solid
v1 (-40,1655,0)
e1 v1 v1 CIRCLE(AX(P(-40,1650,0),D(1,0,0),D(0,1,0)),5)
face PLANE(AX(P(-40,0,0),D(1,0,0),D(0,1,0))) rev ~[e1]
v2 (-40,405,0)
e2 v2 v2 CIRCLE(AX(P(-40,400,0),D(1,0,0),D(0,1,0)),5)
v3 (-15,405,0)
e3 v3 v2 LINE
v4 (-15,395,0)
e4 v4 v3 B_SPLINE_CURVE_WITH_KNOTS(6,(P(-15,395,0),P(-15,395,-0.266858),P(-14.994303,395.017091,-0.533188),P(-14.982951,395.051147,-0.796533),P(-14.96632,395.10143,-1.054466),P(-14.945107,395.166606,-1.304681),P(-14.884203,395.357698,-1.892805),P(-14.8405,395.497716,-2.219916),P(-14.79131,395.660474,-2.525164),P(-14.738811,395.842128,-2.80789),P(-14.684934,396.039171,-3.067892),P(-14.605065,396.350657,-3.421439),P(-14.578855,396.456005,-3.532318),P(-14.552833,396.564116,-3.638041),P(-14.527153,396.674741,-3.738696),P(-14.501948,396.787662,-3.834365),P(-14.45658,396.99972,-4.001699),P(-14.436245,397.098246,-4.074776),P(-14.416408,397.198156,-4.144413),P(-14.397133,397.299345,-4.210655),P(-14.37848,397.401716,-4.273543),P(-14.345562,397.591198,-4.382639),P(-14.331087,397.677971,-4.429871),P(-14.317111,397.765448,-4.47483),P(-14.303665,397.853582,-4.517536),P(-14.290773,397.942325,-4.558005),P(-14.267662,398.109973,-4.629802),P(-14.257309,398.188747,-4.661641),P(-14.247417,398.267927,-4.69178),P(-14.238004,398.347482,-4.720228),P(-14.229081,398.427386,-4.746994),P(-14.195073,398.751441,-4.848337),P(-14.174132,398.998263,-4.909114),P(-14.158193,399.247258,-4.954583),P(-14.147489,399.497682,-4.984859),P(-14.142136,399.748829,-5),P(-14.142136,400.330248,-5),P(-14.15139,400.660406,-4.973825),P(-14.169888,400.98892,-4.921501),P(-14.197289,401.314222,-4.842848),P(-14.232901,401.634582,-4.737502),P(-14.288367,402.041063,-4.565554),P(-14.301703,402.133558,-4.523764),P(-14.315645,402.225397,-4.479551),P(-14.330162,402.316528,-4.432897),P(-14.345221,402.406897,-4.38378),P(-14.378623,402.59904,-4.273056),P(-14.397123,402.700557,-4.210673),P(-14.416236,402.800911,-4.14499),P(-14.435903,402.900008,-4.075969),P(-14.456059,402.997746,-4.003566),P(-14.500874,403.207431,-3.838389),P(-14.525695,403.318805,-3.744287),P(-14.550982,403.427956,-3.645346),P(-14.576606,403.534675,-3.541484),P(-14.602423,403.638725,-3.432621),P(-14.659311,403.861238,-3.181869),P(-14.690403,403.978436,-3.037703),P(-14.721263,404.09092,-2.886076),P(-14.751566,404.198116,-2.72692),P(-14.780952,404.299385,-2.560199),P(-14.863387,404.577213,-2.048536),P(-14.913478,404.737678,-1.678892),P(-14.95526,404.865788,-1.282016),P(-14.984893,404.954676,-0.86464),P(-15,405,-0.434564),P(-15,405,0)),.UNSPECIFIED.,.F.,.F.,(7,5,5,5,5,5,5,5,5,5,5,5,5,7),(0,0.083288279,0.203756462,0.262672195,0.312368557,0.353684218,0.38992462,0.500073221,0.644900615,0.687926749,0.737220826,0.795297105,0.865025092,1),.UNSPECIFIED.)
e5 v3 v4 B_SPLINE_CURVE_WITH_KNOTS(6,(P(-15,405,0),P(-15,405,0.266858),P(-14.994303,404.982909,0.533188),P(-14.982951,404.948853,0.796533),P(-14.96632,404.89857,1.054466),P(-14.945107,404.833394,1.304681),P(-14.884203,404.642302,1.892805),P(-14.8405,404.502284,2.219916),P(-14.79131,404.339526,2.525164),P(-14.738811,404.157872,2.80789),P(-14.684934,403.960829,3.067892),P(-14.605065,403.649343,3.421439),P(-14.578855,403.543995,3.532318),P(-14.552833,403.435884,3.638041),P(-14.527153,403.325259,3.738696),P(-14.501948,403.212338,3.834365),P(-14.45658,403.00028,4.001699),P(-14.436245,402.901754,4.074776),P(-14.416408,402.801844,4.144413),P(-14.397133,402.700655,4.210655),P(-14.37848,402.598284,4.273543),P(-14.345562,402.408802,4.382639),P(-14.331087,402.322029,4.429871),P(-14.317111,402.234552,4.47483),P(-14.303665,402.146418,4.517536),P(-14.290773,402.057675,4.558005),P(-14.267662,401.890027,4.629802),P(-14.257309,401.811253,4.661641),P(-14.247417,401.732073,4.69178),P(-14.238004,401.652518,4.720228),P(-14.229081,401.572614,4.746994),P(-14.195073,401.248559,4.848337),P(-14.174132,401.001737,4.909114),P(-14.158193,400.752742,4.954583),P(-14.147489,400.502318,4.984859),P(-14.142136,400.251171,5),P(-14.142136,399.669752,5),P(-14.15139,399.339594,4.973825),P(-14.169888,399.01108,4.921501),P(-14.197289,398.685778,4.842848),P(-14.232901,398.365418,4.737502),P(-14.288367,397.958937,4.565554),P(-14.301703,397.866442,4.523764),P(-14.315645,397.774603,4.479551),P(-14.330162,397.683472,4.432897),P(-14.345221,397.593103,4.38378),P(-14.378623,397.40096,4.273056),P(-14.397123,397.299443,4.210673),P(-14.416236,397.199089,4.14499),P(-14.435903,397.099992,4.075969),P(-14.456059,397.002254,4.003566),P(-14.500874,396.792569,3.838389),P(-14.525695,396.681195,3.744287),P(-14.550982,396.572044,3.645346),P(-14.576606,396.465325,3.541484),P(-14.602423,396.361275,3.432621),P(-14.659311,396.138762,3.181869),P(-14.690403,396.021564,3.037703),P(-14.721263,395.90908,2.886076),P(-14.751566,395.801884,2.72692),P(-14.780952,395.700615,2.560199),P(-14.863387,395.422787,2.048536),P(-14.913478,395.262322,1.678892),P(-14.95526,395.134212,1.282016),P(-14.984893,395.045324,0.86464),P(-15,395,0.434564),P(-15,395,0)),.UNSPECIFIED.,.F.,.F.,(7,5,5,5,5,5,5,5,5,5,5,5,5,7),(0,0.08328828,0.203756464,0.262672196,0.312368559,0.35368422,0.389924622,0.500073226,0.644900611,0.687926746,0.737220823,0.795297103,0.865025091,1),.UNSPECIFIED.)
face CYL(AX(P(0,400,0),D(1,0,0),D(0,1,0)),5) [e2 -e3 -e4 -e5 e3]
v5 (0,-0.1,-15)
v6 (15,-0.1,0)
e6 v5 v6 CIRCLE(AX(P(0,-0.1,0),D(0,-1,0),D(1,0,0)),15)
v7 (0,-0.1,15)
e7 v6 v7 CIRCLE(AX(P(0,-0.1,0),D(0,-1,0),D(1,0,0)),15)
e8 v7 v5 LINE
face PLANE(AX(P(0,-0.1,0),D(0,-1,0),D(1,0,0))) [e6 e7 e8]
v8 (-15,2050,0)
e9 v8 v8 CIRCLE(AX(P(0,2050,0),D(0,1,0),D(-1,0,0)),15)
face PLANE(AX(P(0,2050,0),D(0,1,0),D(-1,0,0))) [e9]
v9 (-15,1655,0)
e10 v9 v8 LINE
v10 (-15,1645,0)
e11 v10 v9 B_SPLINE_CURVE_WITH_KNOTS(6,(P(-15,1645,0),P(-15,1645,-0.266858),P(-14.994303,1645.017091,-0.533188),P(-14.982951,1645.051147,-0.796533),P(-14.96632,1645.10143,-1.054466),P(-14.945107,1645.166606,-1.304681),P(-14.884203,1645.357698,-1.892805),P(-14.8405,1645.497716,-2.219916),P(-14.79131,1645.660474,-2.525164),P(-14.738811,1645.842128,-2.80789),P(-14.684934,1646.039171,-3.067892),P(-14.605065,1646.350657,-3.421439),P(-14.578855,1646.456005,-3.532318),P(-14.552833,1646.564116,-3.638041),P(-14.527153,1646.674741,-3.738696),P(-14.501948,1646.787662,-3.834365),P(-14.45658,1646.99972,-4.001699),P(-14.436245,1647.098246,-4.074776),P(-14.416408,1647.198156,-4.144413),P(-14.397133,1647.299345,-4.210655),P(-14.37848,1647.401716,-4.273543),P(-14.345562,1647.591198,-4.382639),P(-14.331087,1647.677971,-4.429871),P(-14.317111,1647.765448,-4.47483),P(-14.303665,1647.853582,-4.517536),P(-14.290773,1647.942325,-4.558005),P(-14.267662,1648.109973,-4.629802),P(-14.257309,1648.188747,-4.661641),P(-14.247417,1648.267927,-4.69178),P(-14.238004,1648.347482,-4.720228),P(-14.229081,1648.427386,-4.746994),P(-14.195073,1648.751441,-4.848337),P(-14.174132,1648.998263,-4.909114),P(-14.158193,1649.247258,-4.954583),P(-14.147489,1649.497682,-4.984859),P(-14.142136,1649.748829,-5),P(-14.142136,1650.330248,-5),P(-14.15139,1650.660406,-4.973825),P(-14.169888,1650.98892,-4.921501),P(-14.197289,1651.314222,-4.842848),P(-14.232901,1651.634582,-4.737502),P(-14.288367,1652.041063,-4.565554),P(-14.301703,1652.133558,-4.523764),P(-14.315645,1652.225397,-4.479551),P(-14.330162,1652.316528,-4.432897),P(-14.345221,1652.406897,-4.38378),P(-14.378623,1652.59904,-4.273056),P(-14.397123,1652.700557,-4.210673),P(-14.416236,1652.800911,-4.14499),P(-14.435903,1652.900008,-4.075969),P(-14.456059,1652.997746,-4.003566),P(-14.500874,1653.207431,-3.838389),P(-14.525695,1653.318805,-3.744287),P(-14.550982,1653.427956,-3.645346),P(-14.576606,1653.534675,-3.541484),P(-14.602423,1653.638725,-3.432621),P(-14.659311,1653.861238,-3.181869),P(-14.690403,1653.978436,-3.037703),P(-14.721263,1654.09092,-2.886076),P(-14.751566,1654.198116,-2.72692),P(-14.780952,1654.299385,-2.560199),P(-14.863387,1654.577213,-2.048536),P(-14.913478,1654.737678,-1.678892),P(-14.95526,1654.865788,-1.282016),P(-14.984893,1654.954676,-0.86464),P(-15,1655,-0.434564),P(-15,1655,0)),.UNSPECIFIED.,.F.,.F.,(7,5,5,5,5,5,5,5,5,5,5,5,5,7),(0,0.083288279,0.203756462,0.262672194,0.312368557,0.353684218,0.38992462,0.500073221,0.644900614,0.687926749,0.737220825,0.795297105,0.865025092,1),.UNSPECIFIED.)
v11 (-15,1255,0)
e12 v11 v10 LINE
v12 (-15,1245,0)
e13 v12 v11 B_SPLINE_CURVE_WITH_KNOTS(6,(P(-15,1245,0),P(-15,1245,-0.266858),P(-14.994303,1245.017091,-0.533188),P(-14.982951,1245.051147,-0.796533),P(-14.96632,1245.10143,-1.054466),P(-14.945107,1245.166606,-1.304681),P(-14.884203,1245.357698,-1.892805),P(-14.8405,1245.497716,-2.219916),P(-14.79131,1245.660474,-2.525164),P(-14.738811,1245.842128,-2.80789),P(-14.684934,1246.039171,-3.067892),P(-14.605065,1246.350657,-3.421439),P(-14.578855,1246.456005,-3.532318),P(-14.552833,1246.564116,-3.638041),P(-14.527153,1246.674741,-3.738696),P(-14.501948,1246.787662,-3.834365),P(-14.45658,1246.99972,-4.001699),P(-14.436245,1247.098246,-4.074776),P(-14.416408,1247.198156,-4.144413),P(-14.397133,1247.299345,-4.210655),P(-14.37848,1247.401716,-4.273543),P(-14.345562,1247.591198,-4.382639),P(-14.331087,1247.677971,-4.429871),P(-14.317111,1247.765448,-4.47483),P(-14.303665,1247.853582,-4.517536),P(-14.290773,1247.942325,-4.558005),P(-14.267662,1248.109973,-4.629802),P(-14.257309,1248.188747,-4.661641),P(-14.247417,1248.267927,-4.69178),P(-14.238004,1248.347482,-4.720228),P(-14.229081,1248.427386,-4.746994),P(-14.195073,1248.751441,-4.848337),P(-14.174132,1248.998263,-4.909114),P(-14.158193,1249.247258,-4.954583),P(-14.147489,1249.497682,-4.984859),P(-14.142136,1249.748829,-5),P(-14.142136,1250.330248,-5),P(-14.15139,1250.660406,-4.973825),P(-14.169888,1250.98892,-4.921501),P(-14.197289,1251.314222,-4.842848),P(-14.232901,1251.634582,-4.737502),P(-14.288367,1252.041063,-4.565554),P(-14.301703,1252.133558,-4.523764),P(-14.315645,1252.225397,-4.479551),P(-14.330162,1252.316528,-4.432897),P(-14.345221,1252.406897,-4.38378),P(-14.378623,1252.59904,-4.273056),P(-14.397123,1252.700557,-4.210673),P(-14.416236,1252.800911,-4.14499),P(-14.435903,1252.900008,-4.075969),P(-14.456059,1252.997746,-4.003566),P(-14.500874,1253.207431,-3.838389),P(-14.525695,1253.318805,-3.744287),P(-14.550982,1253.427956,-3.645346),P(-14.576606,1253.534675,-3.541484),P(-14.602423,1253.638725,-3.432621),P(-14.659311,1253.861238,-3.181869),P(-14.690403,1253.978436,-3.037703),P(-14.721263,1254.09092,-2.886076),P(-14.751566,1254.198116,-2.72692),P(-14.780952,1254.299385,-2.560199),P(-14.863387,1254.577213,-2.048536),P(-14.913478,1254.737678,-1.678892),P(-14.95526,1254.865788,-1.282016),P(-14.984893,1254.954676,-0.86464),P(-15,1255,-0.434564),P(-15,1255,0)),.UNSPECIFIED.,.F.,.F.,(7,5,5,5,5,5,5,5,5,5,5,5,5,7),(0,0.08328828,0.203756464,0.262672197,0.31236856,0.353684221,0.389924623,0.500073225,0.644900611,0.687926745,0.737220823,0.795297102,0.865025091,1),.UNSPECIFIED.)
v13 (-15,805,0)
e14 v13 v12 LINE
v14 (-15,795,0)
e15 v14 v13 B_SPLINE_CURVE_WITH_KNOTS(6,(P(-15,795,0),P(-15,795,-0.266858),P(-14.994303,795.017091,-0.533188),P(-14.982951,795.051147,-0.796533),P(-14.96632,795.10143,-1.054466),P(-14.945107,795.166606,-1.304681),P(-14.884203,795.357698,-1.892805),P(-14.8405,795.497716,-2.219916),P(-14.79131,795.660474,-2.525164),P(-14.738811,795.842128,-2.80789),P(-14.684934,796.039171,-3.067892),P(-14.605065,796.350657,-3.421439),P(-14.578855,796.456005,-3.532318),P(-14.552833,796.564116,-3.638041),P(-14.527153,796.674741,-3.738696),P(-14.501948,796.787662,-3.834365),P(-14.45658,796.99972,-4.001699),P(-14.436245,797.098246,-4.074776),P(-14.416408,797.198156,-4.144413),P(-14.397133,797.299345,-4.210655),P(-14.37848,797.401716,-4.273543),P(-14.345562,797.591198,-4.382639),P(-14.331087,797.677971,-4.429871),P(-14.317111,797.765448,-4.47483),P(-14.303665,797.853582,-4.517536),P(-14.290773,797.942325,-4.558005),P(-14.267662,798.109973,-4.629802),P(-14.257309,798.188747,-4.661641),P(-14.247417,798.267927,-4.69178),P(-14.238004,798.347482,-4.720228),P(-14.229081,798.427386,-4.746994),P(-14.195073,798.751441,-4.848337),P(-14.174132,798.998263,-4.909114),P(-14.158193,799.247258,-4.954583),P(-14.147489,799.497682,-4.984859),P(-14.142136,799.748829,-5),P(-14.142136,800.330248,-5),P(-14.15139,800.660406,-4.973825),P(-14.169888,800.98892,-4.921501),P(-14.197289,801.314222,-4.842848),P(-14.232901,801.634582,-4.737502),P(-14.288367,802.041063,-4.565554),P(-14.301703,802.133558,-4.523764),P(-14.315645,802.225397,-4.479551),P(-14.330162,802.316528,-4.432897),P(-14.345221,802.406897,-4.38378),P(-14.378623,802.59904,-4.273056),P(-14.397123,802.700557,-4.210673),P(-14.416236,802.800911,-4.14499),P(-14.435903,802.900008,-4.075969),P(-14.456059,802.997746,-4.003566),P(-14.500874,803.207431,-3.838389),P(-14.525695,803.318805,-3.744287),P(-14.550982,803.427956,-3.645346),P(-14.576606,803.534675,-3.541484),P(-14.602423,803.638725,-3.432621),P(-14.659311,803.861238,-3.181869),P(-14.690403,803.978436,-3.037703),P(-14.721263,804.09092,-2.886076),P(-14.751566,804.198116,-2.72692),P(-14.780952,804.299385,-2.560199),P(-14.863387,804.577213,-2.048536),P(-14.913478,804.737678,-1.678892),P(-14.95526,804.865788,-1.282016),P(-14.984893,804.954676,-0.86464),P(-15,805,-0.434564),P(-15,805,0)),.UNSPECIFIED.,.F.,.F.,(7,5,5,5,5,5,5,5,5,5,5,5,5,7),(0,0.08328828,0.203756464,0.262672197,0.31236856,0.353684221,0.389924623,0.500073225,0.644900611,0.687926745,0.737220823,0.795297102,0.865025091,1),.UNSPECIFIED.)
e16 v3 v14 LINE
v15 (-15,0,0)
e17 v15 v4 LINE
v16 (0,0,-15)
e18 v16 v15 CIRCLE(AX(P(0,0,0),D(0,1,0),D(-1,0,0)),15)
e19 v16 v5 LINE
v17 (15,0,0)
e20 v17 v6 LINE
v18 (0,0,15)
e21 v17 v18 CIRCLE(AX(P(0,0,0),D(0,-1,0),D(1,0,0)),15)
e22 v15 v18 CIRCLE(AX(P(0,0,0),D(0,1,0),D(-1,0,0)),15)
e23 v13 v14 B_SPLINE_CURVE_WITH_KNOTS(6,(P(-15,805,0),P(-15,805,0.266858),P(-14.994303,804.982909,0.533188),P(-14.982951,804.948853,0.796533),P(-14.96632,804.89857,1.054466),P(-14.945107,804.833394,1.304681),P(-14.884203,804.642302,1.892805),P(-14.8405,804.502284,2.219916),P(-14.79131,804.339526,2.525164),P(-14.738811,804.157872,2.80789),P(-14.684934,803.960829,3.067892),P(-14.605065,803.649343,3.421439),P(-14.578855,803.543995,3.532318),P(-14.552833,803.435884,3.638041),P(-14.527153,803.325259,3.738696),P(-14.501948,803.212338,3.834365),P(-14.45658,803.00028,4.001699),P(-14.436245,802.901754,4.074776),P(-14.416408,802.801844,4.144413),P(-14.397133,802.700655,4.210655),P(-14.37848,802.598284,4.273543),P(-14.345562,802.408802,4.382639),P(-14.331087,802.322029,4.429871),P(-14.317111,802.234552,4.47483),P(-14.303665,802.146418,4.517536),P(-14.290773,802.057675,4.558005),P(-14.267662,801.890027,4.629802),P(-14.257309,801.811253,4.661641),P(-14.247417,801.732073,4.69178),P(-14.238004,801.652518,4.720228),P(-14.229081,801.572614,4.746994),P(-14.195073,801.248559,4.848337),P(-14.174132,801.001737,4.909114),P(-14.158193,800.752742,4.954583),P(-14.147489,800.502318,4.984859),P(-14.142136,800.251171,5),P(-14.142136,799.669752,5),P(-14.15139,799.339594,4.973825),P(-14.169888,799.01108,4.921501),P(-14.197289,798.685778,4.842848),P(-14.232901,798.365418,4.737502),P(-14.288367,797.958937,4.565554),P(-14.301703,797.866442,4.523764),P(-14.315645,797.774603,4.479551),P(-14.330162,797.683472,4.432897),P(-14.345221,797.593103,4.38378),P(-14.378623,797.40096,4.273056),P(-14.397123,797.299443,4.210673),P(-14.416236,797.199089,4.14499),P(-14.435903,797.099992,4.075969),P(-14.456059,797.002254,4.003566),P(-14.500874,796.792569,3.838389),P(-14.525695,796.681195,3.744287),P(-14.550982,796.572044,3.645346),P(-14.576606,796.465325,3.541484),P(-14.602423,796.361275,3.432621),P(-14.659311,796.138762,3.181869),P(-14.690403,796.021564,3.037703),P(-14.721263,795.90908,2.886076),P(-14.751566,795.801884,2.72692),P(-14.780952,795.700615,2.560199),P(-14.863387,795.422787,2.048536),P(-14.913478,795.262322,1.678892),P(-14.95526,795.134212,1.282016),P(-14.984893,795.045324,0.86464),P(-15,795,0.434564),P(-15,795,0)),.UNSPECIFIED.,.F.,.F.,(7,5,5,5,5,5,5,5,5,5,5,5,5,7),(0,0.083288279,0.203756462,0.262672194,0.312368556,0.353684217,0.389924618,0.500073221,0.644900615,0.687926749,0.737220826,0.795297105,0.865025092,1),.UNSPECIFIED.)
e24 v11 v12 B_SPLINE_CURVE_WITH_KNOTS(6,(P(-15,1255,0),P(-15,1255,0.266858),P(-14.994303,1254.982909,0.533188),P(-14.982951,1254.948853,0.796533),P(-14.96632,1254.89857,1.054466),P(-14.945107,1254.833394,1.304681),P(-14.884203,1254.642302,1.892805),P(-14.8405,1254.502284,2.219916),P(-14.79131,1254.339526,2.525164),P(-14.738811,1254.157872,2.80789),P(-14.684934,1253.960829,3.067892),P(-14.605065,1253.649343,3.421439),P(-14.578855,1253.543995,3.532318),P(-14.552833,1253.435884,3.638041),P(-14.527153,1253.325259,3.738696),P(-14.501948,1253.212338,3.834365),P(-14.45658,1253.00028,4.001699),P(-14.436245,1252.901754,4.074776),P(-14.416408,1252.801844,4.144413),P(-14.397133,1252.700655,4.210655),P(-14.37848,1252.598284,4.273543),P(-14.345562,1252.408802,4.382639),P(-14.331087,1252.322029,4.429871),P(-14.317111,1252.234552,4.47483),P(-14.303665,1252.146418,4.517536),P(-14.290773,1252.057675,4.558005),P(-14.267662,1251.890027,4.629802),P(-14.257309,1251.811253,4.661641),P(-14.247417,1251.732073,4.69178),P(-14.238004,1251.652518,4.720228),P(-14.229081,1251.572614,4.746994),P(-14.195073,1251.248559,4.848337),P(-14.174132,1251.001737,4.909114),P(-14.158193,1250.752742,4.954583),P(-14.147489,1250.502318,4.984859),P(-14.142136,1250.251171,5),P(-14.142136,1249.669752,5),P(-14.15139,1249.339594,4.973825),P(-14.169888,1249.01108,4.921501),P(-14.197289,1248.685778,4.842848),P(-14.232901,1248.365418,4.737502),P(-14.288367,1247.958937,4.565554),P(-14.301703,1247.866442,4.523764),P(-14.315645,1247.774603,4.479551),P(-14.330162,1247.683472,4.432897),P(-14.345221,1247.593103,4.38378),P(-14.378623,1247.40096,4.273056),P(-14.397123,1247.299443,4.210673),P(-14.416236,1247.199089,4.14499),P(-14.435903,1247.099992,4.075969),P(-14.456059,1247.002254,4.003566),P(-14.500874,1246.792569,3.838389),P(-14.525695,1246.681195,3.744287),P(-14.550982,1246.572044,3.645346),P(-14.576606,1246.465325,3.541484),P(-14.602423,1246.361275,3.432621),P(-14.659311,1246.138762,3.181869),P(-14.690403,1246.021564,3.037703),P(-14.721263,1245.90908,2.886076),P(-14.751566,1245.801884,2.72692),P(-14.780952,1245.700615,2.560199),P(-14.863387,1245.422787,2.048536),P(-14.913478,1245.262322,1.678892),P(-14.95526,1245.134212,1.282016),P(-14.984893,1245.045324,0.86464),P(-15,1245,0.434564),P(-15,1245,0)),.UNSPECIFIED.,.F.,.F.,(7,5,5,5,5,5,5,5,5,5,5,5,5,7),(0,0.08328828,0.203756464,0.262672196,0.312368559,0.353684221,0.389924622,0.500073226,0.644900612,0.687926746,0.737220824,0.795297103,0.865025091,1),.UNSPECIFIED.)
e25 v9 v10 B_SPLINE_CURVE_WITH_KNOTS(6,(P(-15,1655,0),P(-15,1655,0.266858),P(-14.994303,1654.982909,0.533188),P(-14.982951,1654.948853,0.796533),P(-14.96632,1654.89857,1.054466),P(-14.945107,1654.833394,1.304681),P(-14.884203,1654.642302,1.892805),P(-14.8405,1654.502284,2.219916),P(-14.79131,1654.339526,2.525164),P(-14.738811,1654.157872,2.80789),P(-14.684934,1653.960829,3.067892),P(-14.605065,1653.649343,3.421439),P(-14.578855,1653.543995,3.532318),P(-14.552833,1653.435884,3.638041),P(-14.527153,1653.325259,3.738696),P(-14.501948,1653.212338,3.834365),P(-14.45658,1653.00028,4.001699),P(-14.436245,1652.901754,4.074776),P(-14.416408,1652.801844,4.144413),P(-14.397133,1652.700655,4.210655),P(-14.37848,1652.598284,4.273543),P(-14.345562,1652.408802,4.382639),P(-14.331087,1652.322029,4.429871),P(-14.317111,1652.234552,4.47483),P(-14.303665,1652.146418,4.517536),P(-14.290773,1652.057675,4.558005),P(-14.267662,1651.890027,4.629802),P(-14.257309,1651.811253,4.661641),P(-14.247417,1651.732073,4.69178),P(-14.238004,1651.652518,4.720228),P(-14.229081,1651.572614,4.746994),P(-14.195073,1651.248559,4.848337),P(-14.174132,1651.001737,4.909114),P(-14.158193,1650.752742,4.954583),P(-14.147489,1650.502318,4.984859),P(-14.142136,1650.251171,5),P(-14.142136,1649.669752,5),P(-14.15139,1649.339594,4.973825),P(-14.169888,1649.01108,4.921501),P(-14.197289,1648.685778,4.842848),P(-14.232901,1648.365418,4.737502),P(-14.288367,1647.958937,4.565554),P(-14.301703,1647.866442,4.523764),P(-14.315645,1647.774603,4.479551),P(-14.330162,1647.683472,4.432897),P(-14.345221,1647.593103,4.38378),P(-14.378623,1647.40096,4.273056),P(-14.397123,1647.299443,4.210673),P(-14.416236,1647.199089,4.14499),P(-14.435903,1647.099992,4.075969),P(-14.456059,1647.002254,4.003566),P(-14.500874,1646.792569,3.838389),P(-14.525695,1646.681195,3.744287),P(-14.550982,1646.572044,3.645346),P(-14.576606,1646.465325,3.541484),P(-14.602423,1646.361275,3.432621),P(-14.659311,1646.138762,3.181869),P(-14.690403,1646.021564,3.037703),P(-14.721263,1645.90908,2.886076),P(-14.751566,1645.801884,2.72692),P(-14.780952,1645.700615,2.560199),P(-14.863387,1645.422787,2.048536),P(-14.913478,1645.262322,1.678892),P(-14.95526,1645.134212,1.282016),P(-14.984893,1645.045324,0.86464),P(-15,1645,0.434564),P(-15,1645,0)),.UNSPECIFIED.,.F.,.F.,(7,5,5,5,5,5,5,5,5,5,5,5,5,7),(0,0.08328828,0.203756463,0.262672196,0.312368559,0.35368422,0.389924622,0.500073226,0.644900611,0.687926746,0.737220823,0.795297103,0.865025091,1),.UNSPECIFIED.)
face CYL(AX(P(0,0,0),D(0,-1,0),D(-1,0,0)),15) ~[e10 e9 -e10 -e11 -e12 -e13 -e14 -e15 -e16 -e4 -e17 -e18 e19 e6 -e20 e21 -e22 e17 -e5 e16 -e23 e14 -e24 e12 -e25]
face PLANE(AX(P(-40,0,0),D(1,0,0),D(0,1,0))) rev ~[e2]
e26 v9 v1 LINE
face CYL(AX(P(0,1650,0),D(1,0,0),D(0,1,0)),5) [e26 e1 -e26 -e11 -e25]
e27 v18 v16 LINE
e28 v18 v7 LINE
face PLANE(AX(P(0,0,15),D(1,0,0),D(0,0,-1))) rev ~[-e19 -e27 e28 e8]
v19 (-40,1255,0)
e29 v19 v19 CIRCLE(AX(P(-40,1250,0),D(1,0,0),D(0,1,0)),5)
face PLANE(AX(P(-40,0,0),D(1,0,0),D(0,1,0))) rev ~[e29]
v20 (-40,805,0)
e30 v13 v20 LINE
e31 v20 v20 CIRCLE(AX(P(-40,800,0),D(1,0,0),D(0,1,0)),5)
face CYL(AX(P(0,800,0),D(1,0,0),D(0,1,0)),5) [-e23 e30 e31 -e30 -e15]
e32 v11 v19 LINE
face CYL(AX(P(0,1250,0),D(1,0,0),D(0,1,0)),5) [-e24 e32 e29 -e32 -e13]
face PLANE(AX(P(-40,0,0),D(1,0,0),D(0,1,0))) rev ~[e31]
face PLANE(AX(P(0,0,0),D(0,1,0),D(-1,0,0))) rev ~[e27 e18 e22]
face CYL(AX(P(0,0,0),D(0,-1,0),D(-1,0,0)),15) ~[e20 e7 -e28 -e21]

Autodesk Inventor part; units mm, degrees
ref_plane "YZ Plane" through (0, 0, 0) normal (1, 0, 0) x (0, 1, 0)
ref_plane "XZ Plane" through (0, 0, 0) normal (0, 1, 0) x (-1, 0, 0)
ref_plane "XY Plane" through (0, 0, 0) normal (0, 0, 1) x (1, 0, 0)
sketch "Sketch1" plane through (0, 0, 0) normal (0, 1, 0) x (-1, 0, 0)
  circle A0 centre (0, 0) radius 15
  dimension "d0" = 30
extrude "Extrusion1" add sketch "Sketch1" along normal blind 2050
sketch "Sketch2" plane through (0, 0, 0) normal (0, -1, 0) x (1, 0, 0)
  circle A0 centre (0, 0) radius 15 projected
  line L0 (0, 15) -> (0, -15)
extrude "Extrusion2" add sketch "Sketch2" along normal blind 0.1 contours A0 L0 picked at (3.1174, 3.9092)
sketch "Sketch4" plane through (0, 0, 0) normal (1, 0, 0) x (0, 1, 0)
  line L0 (2050, -15) -> (2050, 15) projected
  line L1 (0, 15) -> (0, -15) projected
  line L2 (0, 15) -> (-0.1, 15) projected
  line L3 (-0.1, -15) -> (-0.1, 15) projected
  line L4 (0, -15) -> (-0.1, -15) projected
  line L5 (-0.1, 15) -> (2050, 15) projected
  line L6 (-0.1, -15) -> (2050, -15) projected
  circle A0 centre (400, 0) radius 5
  circle A1 centre (800, 0) radius 5
  circle A2 centre (1250, 0) radius 5
  circle A3 centre (1650, 0) radius 5
  line L7 (1025, 15) -> (1025, -15)
  point P0 (0, 0)
  dimension "d9" = 1025
  dimension "d10" = 400
  dimension "d11" = 400
  dimension "d12" = 400
  dimension "d13" = 400
  dimension "d14" = 10
  dimension "d15" = 10
  dimension "d16" = 10
  dimension "d17" = 10
extrude "Extrusion3" add sketch "Sketch4" against normal blind 40 contours A0 | A1 | A2 | A3
properties part number "X_Rail-Rod-Rev1"
